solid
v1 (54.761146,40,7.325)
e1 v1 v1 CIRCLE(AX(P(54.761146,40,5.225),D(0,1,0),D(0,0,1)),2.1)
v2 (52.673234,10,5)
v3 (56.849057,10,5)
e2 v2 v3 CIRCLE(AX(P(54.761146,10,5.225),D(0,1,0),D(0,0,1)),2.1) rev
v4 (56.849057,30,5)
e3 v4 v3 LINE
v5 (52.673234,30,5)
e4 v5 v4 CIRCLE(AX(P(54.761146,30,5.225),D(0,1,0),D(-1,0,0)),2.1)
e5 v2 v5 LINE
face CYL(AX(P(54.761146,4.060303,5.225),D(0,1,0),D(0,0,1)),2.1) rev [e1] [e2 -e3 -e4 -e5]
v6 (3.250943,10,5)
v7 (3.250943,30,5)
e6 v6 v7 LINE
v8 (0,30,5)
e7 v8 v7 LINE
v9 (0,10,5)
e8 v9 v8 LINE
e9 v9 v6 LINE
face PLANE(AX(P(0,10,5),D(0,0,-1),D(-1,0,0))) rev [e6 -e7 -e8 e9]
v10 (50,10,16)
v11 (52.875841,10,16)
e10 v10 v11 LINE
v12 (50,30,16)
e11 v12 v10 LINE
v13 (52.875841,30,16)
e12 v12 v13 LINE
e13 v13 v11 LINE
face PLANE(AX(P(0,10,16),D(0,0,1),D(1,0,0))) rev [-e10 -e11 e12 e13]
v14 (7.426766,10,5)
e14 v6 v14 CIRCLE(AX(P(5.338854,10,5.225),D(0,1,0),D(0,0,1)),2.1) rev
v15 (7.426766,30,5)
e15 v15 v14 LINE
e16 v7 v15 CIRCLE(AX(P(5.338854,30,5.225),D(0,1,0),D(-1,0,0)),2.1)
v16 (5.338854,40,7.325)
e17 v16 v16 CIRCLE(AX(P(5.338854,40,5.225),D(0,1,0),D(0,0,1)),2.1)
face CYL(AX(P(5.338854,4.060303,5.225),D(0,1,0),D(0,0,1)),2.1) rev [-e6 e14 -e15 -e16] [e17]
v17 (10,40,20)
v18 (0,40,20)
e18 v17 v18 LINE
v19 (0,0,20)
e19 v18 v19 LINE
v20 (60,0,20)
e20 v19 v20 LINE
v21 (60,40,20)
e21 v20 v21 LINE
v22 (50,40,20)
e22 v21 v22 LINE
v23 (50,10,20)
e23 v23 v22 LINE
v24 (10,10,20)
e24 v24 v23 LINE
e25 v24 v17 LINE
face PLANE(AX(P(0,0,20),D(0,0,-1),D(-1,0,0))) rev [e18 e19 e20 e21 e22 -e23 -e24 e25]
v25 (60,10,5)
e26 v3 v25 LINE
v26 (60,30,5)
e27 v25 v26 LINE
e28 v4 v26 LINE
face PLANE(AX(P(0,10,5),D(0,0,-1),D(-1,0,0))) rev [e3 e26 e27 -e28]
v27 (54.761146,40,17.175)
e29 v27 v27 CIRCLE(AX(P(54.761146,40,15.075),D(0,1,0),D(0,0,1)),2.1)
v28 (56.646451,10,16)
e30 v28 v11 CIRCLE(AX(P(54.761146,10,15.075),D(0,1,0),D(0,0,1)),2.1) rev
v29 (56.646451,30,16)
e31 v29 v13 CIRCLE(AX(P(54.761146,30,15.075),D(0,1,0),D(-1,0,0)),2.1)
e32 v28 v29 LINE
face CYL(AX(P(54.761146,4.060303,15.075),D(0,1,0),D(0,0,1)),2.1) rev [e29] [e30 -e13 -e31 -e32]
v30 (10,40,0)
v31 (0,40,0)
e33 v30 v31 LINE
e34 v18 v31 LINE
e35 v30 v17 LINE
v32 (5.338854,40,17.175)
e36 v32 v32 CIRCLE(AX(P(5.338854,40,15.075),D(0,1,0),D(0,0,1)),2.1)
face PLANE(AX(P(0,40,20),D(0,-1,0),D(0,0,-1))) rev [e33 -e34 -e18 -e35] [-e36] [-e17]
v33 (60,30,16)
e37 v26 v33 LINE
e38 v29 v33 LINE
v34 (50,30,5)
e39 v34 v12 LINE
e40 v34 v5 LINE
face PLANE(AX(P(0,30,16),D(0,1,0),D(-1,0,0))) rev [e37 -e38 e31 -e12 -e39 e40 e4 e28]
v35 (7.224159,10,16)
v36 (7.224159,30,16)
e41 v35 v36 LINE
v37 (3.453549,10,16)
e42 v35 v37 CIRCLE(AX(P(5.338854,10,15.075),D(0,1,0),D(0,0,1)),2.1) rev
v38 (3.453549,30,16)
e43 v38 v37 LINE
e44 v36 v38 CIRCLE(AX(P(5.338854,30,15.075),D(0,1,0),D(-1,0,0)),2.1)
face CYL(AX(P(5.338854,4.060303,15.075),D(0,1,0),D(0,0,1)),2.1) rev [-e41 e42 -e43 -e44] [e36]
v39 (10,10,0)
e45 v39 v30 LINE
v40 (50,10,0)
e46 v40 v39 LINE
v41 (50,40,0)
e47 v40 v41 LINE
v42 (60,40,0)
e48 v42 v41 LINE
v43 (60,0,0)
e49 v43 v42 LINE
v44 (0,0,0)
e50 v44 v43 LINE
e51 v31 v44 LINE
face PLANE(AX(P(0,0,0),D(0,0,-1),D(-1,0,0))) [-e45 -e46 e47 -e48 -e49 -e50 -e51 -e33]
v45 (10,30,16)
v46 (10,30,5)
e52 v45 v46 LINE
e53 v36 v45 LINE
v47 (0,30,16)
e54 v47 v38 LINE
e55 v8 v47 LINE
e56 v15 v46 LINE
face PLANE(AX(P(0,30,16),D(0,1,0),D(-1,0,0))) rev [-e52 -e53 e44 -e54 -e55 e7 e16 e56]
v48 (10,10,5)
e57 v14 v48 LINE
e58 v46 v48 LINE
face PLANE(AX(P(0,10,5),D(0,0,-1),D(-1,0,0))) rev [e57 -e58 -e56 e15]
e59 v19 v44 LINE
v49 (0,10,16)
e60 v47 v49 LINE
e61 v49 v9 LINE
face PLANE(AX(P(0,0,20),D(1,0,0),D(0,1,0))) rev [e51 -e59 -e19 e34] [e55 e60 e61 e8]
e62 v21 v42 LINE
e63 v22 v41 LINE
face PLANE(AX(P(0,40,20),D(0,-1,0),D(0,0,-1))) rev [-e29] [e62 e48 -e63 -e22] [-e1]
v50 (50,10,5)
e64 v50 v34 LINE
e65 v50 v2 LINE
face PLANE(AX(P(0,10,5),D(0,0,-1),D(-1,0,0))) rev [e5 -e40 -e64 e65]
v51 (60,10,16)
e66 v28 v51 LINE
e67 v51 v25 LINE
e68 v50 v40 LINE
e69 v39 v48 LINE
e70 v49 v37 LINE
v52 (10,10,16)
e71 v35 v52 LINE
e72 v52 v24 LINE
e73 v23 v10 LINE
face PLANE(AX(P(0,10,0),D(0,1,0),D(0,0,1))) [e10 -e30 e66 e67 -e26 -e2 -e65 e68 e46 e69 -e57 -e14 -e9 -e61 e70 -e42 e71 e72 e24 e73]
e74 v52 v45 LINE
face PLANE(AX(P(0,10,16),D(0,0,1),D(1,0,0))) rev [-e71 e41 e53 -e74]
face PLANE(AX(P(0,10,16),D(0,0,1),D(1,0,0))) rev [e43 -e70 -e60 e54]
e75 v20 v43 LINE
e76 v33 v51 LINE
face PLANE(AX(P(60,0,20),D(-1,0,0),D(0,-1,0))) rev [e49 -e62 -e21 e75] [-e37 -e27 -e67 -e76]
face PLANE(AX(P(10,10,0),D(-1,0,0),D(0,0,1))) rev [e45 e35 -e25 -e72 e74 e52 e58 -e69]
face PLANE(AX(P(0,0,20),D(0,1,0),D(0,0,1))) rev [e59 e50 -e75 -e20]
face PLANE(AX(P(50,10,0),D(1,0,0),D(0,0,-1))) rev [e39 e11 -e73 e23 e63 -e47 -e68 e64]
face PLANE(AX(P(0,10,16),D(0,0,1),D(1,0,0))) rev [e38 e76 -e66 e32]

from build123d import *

# Parameters (mm, degrees)
SKIZZE1_W                       = 60
SKIZZE1_H                       = 40
AUFSATZ_LINEAR_AUSTRAGEN1_DEPTH = 20
SKIZZE2_W                       = 40
SKIZZE2_H                       = 20
SCHNITT_LINEAR_AUSTRAGEN1_DEPTH = 30
SKIZZE3_W                       = 11
SKIZZE3_H                       = 20
SCHNITT_LINEAR_AUSTRAGEN2_DEPTH = 61
SKIZZE4_R                       = 2.1
SCHNITT_LINEAR_AUSTRAGEN3_DEPTH = 30


with BuildPart() as part:
    # Skizze1 → Aufsatz-Linear austragen1 (new body)
    with BuildSketch(Plane.XY):
        with Locations((30, 20)):
            Rectangle(SKIZZE1_W, SKIZZE1_H)
    extrude(amount=AUFSATZ_LINEAR_AUSTRAGEN1_DEPTH)

    # Skizze2 → Schnitt-Linear austragen1 (cut)
    with BuildSketch(Plane(origin=(0, 40, 0), x_dir=(1, 0, 0), z_dir=(0, 1, 0))):
        with Locations((30, -10)):
            Rectangle(SKIZZE2_W, SKIZZE2_H)
    extrude(amount=-SCHNITT_LINEAR_AUSTRAGEN1_DEPTH, mode=Mode.SUBTRACT)

    # Skizze3 → Schnitt-Linear austragen2 (cut, through all)
    with BuildSketch(Plane(origin=(60, 0, 0), x_dir=(0, 0, -1), z_dir=(1, 0, 0))):
        with Locations((-10.5, 20)):
            Rectangle(SKIZZE3_W, SKIZZE3_H)
    extrude(amount=-SCHNITT_LINEAR_AUSTRAGEN2_DEPTH, mode=Mode.SUBTRACT)

    # Skizze4 → Schnitt-Linear austragen3 (cut)
    with BuildSketch(Plane(origin=(0, 40, 0), x_dir=(1, 0, 0), z_dir=(0, 1, 0))):
        with Locations((5.338854382, -5.225)):
            Circle(SKIZZE4_R)
        with Locations((5.338854382, -15.075)):
            Circle(SKIZZE4_R)
        with Locations((54.761145618, -15.075)):
            Circle(SKIZZE4_R)
        with Locations((54.761145618, -5.225)):
            Circle(SKIZZE4_R)
    extrude(amount=-SCHNITT_LINEAR_AUSTRAGEN3_DEPTH, mode=Mode.SUBTRACT)


solid = part.part
